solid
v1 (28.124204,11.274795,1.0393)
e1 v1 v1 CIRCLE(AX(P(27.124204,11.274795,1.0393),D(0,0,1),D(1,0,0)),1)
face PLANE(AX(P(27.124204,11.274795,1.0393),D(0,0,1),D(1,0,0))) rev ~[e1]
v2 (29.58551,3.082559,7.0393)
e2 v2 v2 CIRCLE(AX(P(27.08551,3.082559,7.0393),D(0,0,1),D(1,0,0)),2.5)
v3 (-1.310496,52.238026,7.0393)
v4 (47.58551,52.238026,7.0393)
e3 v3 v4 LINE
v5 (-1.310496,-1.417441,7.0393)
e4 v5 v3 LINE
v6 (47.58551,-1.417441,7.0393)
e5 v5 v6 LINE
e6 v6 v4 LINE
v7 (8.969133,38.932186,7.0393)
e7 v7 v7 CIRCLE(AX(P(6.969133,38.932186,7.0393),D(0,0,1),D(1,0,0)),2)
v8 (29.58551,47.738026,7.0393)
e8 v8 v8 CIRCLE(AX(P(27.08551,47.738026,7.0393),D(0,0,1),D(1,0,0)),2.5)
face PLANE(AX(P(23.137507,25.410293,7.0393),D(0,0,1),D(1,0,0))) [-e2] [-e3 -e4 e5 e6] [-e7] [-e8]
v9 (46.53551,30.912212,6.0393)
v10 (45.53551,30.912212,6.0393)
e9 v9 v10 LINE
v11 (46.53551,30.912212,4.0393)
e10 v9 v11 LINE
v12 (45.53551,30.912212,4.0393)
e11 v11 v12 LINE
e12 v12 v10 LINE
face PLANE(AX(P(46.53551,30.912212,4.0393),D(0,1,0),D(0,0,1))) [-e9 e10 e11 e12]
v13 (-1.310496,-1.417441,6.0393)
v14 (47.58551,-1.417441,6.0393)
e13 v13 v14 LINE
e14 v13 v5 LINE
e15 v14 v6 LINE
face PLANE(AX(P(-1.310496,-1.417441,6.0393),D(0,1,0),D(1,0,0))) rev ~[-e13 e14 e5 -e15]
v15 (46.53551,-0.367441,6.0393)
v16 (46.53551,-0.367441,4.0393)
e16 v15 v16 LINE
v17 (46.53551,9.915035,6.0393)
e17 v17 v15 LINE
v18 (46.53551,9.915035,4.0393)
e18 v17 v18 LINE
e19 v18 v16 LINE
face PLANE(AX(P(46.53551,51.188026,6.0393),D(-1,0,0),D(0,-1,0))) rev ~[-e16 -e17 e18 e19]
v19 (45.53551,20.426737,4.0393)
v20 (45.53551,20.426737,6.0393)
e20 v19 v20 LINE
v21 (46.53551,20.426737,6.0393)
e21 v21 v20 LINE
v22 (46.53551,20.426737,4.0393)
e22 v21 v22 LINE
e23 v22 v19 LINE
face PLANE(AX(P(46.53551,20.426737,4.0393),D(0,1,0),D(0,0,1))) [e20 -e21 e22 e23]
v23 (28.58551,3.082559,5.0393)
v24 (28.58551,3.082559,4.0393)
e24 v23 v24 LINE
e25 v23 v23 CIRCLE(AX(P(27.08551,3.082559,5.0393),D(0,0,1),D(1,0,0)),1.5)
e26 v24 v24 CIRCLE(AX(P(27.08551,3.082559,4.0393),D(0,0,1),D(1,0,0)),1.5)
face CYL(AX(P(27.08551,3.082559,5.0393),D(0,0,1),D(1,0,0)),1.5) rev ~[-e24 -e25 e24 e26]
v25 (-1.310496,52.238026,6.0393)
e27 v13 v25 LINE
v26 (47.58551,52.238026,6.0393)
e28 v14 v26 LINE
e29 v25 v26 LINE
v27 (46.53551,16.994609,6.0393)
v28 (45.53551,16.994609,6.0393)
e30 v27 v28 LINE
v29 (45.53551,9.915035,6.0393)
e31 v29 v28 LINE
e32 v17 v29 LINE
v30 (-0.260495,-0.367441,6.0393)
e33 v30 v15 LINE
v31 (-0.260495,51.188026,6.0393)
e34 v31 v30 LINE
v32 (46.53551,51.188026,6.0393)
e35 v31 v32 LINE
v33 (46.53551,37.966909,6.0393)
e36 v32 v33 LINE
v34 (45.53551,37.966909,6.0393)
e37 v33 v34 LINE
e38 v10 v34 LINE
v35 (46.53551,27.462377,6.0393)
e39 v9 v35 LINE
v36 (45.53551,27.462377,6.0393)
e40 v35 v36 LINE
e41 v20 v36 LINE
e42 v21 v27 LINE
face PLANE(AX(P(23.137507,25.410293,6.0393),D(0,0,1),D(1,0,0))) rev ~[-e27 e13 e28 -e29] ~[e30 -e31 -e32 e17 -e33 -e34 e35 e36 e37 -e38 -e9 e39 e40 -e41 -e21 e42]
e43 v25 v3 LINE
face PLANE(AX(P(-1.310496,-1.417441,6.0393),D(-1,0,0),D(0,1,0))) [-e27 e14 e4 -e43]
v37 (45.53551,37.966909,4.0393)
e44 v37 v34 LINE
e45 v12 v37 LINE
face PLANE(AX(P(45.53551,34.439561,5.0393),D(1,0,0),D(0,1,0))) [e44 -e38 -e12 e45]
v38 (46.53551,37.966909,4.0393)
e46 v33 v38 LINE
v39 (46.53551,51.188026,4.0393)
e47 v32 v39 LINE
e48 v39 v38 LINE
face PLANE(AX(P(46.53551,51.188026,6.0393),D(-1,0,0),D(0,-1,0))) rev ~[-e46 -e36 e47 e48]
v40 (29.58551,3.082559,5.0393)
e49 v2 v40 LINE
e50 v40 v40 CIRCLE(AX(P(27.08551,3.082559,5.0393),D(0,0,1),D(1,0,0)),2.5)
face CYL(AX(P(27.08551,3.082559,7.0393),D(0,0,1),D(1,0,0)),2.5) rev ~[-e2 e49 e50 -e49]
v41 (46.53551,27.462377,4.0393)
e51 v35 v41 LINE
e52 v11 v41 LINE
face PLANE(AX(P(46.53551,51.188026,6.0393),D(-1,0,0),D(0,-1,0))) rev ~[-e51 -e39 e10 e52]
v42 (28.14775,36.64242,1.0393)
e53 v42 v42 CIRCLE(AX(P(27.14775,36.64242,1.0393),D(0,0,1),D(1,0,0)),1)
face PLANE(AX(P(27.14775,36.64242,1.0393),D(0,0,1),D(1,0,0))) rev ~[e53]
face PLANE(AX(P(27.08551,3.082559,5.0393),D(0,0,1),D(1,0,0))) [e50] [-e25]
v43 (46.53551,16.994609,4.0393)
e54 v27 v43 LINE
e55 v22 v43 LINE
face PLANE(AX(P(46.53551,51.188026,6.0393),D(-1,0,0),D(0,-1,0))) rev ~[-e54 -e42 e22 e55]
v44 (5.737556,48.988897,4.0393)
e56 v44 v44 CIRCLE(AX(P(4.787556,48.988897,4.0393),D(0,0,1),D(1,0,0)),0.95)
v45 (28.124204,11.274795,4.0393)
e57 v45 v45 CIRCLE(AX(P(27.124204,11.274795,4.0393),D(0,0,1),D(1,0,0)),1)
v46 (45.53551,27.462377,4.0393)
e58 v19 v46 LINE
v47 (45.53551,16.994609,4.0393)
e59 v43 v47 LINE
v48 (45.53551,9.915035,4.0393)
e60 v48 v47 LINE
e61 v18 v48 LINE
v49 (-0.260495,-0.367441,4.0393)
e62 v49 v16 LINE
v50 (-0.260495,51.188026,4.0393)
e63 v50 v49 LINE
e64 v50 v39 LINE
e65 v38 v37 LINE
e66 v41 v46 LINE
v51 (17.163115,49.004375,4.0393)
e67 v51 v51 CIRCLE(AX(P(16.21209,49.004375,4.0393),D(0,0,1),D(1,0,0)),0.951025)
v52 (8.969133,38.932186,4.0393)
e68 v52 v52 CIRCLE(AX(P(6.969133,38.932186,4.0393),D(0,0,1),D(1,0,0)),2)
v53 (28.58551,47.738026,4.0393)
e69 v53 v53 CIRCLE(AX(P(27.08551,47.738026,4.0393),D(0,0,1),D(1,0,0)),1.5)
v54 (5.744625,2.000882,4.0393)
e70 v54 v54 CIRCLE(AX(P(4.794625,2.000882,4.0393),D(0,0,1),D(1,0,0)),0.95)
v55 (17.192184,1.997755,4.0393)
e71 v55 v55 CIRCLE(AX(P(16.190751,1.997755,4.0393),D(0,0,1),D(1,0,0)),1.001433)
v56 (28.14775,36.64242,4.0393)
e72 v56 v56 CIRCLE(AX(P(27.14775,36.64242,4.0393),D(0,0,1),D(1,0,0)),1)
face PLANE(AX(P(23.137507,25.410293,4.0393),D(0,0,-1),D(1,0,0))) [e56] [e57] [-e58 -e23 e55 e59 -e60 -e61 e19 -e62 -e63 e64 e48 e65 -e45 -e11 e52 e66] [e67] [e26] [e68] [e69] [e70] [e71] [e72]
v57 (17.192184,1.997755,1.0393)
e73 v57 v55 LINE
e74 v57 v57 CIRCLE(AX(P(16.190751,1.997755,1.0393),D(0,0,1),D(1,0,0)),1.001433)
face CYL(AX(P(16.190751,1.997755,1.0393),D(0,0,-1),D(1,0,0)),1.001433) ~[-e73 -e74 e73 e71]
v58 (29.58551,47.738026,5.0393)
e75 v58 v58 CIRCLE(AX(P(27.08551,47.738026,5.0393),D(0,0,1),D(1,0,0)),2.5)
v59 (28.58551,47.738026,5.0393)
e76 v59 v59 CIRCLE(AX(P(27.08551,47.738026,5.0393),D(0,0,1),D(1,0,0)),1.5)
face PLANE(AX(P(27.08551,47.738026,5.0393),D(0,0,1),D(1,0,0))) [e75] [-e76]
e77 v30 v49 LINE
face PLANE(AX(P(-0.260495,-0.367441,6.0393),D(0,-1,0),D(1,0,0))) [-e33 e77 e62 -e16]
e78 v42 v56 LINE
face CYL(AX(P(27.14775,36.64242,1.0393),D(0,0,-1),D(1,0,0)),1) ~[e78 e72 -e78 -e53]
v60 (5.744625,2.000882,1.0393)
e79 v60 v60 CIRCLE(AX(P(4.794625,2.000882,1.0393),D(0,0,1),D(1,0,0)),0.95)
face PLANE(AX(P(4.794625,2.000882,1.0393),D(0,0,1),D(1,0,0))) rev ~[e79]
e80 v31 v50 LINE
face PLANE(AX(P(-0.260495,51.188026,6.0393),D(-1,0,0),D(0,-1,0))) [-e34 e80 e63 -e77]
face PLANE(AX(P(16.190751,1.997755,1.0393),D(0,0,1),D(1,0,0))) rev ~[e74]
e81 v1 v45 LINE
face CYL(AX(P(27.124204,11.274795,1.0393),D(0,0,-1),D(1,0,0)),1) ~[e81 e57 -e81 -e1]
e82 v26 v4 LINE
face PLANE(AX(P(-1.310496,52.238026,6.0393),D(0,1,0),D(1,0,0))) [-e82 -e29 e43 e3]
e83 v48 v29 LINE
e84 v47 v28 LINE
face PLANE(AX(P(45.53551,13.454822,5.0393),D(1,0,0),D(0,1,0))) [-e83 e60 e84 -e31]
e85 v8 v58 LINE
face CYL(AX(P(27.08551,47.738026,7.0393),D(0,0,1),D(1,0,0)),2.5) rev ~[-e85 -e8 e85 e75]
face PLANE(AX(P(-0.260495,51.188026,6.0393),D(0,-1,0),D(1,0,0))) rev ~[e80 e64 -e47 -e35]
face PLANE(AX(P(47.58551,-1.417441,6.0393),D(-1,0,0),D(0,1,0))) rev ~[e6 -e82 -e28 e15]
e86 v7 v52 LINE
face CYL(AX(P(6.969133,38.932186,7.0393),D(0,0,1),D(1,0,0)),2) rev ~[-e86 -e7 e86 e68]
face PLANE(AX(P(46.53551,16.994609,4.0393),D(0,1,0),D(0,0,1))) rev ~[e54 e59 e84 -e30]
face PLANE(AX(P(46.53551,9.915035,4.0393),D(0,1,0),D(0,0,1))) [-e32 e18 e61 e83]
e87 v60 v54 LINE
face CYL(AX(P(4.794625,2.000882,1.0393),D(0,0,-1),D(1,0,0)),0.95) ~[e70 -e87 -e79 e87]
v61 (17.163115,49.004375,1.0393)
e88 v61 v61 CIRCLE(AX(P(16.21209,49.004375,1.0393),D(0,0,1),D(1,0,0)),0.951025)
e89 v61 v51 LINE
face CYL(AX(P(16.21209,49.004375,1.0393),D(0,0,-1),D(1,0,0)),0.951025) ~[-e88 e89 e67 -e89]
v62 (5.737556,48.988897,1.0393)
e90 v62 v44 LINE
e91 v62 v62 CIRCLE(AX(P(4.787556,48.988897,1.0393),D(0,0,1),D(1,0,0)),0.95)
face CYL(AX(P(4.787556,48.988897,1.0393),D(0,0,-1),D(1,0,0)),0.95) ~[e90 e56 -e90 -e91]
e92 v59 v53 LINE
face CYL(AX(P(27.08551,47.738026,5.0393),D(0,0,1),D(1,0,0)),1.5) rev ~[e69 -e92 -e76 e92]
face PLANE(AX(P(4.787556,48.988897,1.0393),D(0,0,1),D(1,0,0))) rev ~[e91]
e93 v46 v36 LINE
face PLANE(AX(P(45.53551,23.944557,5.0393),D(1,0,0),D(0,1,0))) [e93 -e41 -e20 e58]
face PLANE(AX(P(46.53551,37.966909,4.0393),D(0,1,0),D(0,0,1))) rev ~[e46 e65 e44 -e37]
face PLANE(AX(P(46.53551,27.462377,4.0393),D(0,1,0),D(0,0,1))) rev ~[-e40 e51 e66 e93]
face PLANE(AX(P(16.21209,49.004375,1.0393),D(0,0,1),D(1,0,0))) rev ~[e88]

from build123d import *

# Parameters (mm, degrees)
SKETCH005_W     = 48.896005
SKETCH005_H     = 53.655467
PAD003_DEPTH    = 1
SKETCH006_W     = 46.796005
SKETCH006_H     = 51.555467
PAD004_DEPTH    = 2
SKETCH007_R     = 0.95
SKETCH007_R_2   = 1.001433
SKETCH007_R_3   = 1
SKETCH007_R_4   = 0.951025
PAD005_DEPTH    = 3
SKETCH008_R     = 2.5
POCKET002_DEPTH = 2
SKETCH009_R     = 1.5
POCKET003_DEPTH = 5
SKETCH010_W     = 7.035641
SKETCH010_H     = 2
SKETCH010_W_2   = 7.054697
SKETCH010_W_3   = 7.079575
POCKET004_DEPTH = 1
SKETCH011_R     = 2
POCKET005_DEPTH = 5


with BuildPart() as part:
    # Sketch005 (on Face1 of CopyBinder) → Pad003 (new body)
    with BuildSketch(Plane.XY.offset(6.0393)):
        with Locations((23.137507, 25.410293)):
            Rectangle(SKETCH005_W, SKETCH005_H)
    extrude(amount=PAD003_DEPTH)

    # Sketch006 (on Face5 of Pad003) → Pad004 (join)
    with BuildSketch(Plane(origin=(0, 0, 6.0393), x_dir=(1, 0, 0), z_dir=(0, 0, -1))):
        with Locations((23.137507, -25.410293)):
            Rectangle(SKETCH006_W, SKETCH006_H)
    extrude(amount=PAD004_DEPTH)

    # Sketch007 (on Face2 of Binder001) → Pad005 (join)
    with BuildSketch(Plane.XY.offset(1.0393)):
        with Locations((4.794625, 2.000882)):
            Circle(SKETCH007_R)
        with Locations((16.190751, 1.997755)):
            Circle(SKETCH007_R_2)
        with Locations((27.124204, 11.274795)):
            Circle(SKETCH007_R_3)
        with Locations((27.14775, 36.64242)):
            Circle(SKETCH007_R_3)
        with Locations((16.21209, 49.004375)):
            Circle(SKETCH007_R_4)
        with Locations((4.787556, 48.988897)):
            Circle(SKETCH007_R)
    extrude(amount=PAD005_DEPTH)

    # Sketch008 (on Face5 of Pad005) → Pocket002 (cut)
    with BuildSketch(Plane.XY.offset(7.0393)):
        with Locations((27.08551, 47.738026)):
            Circle(SKETCH008_R)
        with Locations((27.08551, 3.082559)):
            Circle(SKETCH008_R)
    extrude(amount=-POCKET002_DEPTH, mode=Mode.SUBTRACT)

    # Sketch009 (on Face14 of Pocket002) → Pocket003 (cut)
    with BuildSketch(Plane.XY.offset(5.0393)):
        with Locations((27.08551, 3.082559)):
            Circle(SKETCH009_R)
        with Locations((27.08551, 47.738026)):
            Circle(SKETCH009_R)
    extrude(amount=-POCKET003_DEPTH, mode=Mode.SUBTRACT)

    # Sketch010 (on Face8 of Pocket003) → Pocket004 (cut)
    with BuildSketch(Plane.YZ.offset(46.53551)):
        with Locations((23.944557, 5.0393)):
            Rectangle(SKETCH010_W, SKETCH010_H)
        with Locations((34.439561, 5.0393)):
            Rectangle(SKETCH010_W_2, SKETCH010_H)
        with Locations((13.454822, 5.0393)):
            Rectangle(SKETCH010_W_3, SKETCH010_H)
    extrude(amount=-POCKET004_DEPTH, mode=Mode.SUBTRACT)

    # Sketch011 (on Face4 of Pocket004) → Pocket005 (cut)
    with BuildSketch(Plane.XY.offset(7.0393)):
        with Locations((6.969133, 38.932186)):
            Circle(SKETCH011_R)
    extrude(amount=-POCKET005_DEPTH, mode=Mode.SUBTRACT)


solid = part.part
